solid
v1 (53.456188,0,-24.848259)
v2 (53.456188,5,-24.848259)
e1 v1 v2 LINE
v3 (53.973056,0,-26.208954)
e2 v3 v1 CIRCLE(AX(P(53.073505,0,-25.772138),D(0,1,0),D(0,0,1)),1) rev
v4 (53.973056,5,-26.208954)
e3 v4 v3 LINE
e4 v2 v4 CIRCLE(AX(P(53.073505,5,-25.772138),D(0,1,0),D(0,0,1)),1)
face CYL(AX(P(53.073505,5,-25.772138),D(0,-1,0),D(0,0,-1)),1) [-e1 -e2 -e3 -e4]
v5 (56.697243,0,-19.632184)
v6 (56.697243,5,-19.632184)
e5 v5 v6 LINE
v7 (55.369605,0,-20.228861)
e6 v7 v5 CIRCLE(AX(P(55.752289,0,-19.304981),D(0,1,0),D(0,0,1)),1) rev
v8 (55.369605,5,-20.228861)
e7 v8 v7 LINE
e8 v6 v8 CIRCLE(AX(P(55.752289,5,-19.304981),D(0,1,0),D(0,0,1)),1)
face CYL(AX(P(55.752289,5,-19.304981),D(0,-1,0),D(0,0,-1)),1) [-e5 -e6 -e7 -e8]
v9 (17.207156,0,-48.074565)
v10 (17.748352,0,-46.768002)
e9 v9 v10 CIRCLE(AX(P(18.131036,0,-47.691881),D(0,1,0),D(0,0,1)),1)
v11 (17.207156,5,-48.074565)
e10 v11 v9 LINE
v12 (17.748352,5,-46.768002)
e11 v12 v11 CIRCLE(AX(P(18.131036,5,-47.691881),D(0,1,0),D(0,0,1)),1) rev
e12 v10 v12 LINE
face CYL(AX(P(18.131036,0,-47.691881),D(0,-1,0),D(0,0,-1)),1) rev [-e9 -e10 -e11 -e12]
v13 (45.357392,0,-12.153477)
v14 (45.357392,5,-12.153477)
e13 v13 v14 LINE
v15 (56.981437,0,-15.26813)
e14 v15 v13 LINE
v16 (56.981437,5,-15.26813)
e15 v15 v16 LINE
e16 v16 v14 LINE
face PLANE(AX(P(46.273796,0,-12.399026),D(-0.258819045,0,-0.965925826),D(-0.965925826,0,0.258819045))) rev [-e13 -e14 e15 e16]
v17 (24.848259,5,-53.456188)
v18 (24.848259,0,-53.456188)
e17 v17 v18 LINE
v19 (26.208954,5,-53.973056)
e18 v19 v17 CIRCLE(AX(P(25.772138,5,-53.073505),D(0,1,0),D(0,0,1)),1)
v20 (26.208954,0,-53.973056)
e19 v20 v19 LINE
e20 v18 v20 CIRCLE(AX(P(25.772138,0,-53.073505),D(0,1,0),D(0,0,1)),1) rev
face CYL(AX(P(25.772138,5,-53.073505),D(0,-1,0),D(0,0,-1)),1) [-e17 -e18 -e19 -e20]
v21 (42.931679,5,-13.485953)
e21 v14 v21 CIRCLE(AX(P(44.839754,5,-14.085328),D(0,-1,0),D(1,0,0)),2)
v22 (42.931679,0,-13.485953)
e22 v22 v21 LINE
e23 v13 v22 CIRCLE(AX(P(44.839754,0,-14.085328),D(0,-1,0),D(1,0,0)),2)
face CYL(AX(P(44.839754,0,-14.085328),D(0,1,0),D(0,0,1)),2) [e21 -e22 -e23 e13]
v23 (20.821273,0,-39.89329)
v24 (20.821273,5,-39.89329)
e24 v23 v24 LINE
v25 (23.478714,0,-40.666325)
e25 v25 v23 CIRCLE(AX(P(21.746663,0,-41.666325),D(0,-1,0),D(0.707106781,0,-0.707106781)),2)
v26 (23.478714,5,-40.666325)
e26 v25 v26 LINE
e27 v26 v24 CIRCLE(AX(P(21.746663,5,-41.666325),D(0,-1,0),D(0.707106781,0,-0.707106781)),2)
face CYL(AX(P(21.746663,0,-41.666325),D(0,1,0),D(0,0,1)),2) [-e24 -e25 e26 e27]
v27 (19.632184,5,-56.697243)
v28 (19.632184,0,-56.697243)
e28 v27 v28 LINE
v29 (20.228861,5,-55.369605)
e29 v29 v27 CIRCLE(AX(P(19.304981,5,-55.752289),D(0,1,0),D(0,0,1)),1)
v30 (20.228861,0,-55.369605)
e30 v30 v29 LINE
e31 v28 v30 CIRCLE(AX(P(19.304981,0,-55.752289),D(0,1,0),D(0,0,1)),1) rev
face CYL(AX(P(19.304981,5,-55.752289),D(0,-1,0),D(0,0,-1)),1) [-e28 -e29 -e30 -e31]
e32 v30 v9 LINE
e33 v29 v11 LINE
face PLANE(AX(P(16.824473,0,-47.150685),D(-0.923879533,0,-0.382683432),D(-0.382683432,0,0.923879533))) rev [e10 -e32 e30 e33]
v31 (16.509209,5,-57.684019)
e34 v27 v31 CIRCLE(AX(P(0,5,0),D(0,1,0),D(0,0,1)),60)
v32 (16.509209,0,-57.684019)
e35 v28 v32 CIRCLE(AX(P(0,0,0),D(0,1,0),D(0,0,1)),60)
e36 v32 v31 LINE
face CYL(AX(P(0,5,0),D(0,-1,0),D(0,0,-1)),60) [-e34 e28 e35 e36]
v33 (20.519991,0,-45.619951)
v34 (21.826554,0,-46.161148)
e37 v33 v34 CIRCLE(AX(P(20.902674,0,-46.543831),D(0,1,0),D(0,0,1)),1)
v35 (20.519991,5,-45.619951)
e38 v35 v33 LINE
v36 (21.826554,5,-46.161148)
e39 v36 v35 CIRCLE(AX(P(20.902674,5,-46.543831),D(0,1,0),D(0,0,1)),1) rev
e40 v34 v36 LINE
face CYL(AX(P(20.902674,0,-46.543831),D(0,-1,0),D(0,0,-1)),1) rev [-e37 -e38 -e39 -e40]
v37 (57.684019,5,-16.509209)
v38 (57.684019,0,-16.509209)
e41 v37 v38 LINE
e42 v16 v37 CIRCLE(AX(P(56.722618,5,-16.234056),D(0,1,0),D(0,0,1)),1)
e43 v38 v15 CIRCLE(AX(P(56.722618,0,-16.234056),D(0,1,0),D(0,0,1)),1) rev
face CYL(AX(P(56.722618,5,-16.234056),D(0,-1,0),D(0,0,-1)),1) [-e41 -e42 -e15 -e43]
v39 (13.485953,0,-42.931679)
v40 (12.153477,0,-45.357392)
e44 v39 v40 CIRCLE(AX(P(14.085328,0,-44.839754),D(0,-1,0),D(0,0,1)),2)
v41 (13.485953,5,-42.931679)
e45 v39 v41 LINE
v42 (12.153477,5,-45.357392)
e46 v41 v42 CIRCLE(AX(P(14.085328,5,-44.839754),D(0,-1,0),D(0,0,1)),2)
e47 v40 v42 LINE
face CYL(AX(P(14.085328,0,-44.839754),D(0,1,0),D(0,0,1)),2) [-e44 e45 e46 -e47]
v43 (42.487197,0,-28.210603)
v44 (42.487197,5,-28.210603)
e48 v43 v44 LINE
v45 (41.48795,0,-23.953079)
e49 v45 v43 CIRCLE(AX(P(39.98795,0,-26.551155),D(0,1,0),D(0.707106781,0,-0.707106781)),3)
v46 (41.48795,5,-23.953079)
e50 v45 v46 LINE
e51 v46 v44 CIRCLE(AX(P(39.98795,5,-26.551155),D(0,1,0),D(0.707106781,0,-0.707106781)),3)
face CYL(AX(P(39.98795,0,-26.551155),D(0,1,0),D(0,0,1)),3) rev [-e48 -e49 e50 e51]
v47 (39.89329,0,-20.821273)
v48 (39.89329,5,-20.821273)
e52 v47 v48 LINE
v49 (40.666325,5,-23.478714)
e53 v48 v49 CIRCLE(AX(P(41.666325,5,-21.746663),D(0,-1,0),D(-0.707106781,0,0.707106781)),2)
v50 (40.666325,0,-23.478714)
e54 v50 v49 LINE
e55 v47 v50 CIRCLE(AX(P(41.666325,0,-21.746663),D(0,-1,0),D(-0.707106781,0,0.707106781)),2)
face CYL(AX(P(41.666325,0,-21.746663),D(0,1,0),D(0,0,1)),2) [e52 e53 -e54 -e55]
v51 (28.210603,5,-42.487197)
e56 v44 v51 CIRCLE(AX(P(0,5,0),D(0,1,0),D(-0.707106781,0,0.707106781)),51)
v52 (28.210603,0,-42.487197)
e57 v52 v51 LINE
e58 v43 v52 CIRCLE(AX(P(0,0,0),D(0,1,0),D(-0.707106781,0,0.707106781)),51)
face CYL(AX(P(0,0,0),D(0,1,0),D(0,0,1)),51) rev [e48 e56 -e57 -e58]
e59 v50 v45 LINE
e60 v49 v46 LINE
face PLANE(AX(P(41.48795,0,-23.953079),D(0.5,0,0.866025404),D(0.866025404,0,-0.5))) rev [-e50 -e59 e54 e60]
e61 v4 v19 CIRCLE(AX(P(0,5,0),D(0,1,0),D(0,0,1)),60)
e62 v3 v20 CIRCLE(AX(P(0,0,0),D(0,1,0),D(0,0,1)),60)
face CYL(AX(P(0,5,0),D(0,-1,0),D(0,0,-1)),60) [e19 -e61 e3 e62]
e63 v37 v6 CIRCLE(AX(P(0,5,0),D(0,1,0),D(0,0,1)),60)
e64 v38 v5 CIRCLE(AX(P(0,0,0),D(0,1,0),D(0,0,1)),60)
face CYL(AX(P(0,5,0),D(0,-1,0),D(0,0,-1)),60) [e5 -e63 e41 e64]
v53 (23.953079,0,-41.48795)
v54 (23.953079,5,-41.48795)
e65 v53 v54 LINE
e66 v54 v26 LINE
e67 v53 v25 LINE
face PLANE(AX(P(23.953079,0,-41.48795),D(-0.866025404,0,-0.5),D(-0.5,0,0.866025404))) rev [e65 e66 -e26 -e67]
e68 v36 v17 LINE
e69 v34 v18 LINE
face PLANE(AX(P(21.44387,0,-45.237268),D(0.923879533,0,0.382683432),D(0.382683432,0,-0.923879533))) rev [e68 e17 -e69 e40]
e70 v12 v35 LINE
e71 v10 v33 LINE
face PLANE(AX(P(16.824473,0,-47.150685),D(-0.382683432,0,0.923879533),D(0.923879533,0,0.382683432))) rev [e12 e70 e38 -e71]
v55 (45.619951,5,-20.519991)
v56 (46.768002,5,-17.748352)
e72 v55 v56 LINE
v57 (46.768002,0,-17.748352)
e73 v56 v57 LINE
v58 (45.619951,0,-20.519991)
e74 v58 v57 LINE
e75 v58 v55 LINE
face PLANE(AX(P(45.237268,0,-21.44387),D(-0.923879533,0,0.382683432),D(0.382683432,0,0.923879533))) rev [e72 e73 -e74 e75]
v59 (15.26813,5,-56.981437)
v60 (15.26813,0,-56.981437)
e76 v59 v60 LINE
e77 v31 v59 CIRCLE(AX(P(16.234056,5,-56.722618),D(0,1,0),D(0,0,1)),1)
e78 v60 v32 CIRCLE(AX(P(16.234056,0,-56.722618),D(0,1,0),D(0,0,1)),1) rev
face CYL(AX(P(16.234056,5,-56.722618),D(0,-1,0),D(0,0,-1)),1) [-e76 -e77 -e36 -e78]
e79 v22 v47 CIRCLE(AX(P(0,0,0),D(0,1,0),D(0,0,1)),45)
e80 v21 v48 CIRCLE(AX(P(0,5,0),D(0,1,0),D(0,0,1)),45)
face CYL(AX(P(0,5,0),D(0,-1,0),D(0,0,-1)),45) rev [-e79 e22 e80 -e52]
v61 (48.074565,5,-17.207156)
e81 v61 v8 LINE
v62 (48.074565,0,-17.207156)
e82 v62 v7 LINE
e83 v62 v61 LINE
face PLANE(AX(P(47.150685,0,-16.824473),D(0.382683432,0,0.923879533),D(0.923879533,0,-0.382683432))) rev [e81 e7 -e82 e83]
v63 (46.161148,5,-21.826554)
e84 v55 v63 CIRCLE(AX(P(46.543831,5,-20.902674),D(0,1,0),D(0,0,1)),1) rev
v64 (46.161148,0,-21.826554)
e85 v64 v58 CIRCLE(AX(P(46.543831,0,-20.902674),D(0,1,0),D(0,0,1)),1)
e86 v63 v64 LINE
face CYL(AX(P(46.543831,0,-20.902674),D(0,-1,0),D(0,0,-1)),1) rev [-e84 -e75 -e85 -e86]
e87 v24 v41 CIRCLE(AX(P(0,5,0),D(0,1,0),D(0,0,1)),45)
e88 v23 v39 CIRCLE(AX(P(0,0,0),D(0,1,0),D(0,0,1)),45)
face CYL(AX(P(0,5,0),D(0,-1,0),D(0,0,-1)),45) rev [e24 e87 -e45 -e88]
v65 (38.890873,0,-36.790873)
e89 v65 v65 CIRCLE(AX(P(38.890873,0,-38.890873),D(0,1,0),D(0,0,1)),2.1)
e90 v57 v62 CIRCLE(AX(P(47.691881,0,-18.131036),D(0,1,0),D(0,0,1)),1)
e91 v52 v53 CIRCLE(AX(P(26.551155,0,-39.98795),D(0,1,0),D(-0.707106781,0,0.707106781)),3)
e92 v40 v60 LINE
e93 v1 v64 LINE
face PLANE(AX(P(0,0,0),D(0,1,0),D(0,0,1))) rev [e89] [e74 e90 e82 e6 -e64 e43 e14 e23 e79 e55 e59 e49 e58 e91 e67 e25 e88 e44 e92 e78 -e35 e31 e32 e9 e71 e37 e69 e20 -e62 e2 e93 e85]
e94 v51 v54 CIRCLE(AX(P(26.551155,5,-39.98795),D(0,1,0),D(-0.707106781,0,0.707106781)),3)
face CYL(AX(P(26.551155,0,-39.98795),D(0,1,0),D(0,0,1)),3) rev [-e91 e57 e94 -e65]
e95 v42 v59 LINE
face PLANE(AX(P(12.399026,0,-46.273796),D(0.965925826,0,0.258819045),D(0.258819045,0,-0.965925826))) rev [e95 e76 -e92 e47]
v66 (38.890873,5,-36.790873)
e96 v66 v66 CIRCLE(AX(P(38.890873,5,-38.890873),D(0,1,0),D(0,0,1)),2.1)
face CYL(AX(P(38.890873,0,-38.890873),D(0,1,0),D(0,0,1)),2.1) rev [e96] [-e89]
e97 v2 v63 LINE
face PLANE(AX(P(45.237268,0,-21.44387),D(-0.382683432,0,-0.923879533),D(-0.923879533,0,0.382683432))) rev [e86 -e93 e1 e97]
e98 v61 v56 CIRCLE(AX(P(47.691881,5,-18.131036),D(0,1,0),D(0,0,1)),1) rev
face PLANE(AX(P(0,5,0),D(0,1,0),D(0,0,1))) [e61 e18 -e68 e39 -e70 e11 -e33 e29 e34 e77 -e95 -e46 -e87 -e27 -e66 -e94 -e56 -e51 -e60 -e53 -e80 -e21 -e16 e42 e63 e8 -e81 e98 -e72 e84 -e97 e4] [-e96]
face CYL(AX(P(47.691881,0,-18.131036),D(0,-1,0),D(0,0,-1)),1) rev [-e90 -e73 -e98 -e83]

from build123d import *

# Parameters (mm, degrees)
SKETCH1_R                       = 60
SKETCH1_R_2                     = 45
BOSS_EXTRUDE1_DEPTH             = 5
CUT_EXTRUDE1_DEPTH              = 6
CIRPATTERN1_COUNT               = 8
SKETCH3_R                       = 2.1
CUT_EXTRUDE2_DEPTH              = 6
CIRPATTERN2_COUNT               = 4
SKIZZE1_OUTSIDE_W               = 155.956
SKIZZE1_OUTSIDE_H               = 155.956
SCHNITT_LINEAR_AUSTRAGEN1_DEPTH = 6
VERRUNDUNG1_R                   = 1
SCHNITT_LINEAR_AUSTRAGEN2_DEPTH = 6
VERRUNDUNG2_R                   = 1
KREISMUSTER1_COUNT              = 2
KREISMUSTER1_ANGLE              = 45
VERRUNDUNG2_OF_KREISMUSTER1_R   = 1


with BuildPart() as part:
    # Sketch1 → Boss-Extrude1 (new body)
    with BuildSketch(Plane(origin=(0, 0, 0), x_dir=(1, 0, 0), z_dir=(0, 1, 0))):
        Circle(SKETCH1_R)
        Circle(SKETCH1_R_2, mode=Mode.SUBTRACT)
    extrude(amount=BOSS_EXTRUDE1_DEPTH)

    # Sketch2 → Cut-Extrude1 (cut, through all)
    with BuildSketch(Plane(origin=(0, 5, 0), x_dir=(1, 0, 0), z_dir=(0, 1, 0))):
        with BuildLine():
            Line((12.399026137, 46.273795509), (12.153476553, 45.357391985))
            ThreePointArc((12.153476553, 45.357391985), (12.332388249, 43.876840862), (13.485952537, 42.931679261))
            Line((13.485952537, 42.931679261), (-13.485952537, 42.931679261))
            ThreePointArc((-13.485952537, 42.931679261), (-12.332388249, 43.876840862), (-12.153476553, 45.357391985))
            Line((-12.153476553, 45.357391985), (-12.399026137, 46.273795509))
            ThreePointArc((-12.399026137, 46.273795509), (-12.051156799, 48.63074892), (-10.0950767, 49.990893435))
            ThreePointArc((-10.0950767, 49.990893435), (0, 51), (10.0950767, 49.990893435))
            ThreePointArc((10.0950767, 49.990893435), (12.051156799, 48.63074892), (12.399026137, 46.273795509))
        make_face()
    cut_extrude1 = extrude(amount=-CUT_EXTRUDE1_DEPTH, mode=Mode.SUBTRACT)

    # CirPattern1: Cut-Extrude1 ×8 about axis
    cirpattern1_axis = Axis((0, 0, 0), (0, 1, 0))
    for i in range(1, CIRPATTERN1_COUNT):
        add(cut_extrude1.rotate(cirpattern1_axis, i * 360 / CIRPATTERN1_COUNT), mode=Mode.SUBTRACT)

    # Sketch3 → Cut-Extrude2 (cut, through all)
    with BuildSketch(Plane(origin=(0, 5, 0), x_dir=(1, 0, 0), z_dir=(0, 1, 0))):
        with Locations((38.890872965, 38.890872965)):
            Circle(SKETCH3_R)
    cut_extrude2 = extrude(amount=-CUT_EXTRUDE2_DEPTH, mode=Mode.SUBTRACT)

    # CirPattern2: Cut-Extrude2 ×4 about axis
    cirpattern2_axis = Axis((0, 0, 0), (0, 1, 0))
    for i in range(1, CIRPATTERN2_COUNT):
        add(cut_extrude2.rotate(cirpattern2_axis, i * 360 / CIRPATTERN2_COUNT), mode=Mode.SUBTRACT)

    # Skizze1 outside → Schnitt-Linear austragen1 (cut, through all)
    with BuildSketch(Plane(origin=(0, 5, 0), x_dir=(1, 0, 0), z_dir=(0, 1, 0))):
        Rectangle(SKIZZE1_OUTSIDE_W, SKIZZE1_OUTSIDE_H)
        Polygon((0, 0), (24.798052275, 92.547591019), (92.547591019, 24.798052275), align=None, mode=Mode.SUBTRACT)
    extrude(amount=-SCHNITT_LINEAR_AUSTRAGEN1_DEPTH, mode=Mode.SUBTRACT)

    # Verrundung1
    verrundung1_edges = [part.edges().sort_by_distance(p)[0] for p in [
        (57.955549577, 2.5, -15.529142706),
        (15.529142706, 2.5, -57.955549577),
    ]]
    fillet(verrundung1_edges, radius=VERRUNDUNG1_R)

    # Skizze2 → Schnitt-Linear austragen2 (cut, through all)
    with BuildSketch(Plane(origin=(0, 5, 0), x_dir=(1, 0, 0), z_dir=(0, 1, 0))):
        Polygon((16.824472787, 47.150685206), (21.44387045, 45.237268045), (25.270704773, 54.47606337), (20.651307111, 56.389480532), align=None)
    schnitt_linear_austragen2 = extrude(amount=-SCHNITT_LINEAR_AUSTRAGEN2_DEPTH, mode=Mode.SUBTRACT)

    # Verrundung2
    verrundung2_edges = [part.edges().sort_by_distance(p)[0] for p in [
        (20.631367024, 2.5, -56.341340903),
        (25.250764686, 2.5, -54.427923741),
        (16.824472787, 2.5, -47.150685206),
        (21.44387045, 2.5, -45.237268045),
    ]]
    fillet(verrundung2_edges, radius=VERRUNDUNG2_R)

    # Kreismuster1: Schnitt-Linear austragen2 ×2 about axis
    kreismuster1_axis = Axis((0, 0, 0), (0, -1, 0))
    for i in range(1, KREISMUSTER1_COUNT):
        add(schnitt_linear_austragen2.rotate(kreismuster1_axis, i * KREISMUSTER1_ANGLE / (KREISMUSTER1_COUNT - 1)), mode=Mode.SUBTRACT)

    # Verrundung2 of Kreismuster1
    verrundung2_of_kreismuster1_edges = [part.edges().sort_by_distance(p)[0] for p in [
        (54.427923741, 2.5, -25.250764686),
        (56.341340903, 2.5, -20.631367024),
        (45.237268045, 2.5, -21.44387045),
        (47.150685206, 2.5, -16.824472787),
    ]]
    fillet(verrundung2_of_kreismuster1_edges, radius=VERRUNDUNG2_OF_KREISMUSTER1_R)


solid = part.part
